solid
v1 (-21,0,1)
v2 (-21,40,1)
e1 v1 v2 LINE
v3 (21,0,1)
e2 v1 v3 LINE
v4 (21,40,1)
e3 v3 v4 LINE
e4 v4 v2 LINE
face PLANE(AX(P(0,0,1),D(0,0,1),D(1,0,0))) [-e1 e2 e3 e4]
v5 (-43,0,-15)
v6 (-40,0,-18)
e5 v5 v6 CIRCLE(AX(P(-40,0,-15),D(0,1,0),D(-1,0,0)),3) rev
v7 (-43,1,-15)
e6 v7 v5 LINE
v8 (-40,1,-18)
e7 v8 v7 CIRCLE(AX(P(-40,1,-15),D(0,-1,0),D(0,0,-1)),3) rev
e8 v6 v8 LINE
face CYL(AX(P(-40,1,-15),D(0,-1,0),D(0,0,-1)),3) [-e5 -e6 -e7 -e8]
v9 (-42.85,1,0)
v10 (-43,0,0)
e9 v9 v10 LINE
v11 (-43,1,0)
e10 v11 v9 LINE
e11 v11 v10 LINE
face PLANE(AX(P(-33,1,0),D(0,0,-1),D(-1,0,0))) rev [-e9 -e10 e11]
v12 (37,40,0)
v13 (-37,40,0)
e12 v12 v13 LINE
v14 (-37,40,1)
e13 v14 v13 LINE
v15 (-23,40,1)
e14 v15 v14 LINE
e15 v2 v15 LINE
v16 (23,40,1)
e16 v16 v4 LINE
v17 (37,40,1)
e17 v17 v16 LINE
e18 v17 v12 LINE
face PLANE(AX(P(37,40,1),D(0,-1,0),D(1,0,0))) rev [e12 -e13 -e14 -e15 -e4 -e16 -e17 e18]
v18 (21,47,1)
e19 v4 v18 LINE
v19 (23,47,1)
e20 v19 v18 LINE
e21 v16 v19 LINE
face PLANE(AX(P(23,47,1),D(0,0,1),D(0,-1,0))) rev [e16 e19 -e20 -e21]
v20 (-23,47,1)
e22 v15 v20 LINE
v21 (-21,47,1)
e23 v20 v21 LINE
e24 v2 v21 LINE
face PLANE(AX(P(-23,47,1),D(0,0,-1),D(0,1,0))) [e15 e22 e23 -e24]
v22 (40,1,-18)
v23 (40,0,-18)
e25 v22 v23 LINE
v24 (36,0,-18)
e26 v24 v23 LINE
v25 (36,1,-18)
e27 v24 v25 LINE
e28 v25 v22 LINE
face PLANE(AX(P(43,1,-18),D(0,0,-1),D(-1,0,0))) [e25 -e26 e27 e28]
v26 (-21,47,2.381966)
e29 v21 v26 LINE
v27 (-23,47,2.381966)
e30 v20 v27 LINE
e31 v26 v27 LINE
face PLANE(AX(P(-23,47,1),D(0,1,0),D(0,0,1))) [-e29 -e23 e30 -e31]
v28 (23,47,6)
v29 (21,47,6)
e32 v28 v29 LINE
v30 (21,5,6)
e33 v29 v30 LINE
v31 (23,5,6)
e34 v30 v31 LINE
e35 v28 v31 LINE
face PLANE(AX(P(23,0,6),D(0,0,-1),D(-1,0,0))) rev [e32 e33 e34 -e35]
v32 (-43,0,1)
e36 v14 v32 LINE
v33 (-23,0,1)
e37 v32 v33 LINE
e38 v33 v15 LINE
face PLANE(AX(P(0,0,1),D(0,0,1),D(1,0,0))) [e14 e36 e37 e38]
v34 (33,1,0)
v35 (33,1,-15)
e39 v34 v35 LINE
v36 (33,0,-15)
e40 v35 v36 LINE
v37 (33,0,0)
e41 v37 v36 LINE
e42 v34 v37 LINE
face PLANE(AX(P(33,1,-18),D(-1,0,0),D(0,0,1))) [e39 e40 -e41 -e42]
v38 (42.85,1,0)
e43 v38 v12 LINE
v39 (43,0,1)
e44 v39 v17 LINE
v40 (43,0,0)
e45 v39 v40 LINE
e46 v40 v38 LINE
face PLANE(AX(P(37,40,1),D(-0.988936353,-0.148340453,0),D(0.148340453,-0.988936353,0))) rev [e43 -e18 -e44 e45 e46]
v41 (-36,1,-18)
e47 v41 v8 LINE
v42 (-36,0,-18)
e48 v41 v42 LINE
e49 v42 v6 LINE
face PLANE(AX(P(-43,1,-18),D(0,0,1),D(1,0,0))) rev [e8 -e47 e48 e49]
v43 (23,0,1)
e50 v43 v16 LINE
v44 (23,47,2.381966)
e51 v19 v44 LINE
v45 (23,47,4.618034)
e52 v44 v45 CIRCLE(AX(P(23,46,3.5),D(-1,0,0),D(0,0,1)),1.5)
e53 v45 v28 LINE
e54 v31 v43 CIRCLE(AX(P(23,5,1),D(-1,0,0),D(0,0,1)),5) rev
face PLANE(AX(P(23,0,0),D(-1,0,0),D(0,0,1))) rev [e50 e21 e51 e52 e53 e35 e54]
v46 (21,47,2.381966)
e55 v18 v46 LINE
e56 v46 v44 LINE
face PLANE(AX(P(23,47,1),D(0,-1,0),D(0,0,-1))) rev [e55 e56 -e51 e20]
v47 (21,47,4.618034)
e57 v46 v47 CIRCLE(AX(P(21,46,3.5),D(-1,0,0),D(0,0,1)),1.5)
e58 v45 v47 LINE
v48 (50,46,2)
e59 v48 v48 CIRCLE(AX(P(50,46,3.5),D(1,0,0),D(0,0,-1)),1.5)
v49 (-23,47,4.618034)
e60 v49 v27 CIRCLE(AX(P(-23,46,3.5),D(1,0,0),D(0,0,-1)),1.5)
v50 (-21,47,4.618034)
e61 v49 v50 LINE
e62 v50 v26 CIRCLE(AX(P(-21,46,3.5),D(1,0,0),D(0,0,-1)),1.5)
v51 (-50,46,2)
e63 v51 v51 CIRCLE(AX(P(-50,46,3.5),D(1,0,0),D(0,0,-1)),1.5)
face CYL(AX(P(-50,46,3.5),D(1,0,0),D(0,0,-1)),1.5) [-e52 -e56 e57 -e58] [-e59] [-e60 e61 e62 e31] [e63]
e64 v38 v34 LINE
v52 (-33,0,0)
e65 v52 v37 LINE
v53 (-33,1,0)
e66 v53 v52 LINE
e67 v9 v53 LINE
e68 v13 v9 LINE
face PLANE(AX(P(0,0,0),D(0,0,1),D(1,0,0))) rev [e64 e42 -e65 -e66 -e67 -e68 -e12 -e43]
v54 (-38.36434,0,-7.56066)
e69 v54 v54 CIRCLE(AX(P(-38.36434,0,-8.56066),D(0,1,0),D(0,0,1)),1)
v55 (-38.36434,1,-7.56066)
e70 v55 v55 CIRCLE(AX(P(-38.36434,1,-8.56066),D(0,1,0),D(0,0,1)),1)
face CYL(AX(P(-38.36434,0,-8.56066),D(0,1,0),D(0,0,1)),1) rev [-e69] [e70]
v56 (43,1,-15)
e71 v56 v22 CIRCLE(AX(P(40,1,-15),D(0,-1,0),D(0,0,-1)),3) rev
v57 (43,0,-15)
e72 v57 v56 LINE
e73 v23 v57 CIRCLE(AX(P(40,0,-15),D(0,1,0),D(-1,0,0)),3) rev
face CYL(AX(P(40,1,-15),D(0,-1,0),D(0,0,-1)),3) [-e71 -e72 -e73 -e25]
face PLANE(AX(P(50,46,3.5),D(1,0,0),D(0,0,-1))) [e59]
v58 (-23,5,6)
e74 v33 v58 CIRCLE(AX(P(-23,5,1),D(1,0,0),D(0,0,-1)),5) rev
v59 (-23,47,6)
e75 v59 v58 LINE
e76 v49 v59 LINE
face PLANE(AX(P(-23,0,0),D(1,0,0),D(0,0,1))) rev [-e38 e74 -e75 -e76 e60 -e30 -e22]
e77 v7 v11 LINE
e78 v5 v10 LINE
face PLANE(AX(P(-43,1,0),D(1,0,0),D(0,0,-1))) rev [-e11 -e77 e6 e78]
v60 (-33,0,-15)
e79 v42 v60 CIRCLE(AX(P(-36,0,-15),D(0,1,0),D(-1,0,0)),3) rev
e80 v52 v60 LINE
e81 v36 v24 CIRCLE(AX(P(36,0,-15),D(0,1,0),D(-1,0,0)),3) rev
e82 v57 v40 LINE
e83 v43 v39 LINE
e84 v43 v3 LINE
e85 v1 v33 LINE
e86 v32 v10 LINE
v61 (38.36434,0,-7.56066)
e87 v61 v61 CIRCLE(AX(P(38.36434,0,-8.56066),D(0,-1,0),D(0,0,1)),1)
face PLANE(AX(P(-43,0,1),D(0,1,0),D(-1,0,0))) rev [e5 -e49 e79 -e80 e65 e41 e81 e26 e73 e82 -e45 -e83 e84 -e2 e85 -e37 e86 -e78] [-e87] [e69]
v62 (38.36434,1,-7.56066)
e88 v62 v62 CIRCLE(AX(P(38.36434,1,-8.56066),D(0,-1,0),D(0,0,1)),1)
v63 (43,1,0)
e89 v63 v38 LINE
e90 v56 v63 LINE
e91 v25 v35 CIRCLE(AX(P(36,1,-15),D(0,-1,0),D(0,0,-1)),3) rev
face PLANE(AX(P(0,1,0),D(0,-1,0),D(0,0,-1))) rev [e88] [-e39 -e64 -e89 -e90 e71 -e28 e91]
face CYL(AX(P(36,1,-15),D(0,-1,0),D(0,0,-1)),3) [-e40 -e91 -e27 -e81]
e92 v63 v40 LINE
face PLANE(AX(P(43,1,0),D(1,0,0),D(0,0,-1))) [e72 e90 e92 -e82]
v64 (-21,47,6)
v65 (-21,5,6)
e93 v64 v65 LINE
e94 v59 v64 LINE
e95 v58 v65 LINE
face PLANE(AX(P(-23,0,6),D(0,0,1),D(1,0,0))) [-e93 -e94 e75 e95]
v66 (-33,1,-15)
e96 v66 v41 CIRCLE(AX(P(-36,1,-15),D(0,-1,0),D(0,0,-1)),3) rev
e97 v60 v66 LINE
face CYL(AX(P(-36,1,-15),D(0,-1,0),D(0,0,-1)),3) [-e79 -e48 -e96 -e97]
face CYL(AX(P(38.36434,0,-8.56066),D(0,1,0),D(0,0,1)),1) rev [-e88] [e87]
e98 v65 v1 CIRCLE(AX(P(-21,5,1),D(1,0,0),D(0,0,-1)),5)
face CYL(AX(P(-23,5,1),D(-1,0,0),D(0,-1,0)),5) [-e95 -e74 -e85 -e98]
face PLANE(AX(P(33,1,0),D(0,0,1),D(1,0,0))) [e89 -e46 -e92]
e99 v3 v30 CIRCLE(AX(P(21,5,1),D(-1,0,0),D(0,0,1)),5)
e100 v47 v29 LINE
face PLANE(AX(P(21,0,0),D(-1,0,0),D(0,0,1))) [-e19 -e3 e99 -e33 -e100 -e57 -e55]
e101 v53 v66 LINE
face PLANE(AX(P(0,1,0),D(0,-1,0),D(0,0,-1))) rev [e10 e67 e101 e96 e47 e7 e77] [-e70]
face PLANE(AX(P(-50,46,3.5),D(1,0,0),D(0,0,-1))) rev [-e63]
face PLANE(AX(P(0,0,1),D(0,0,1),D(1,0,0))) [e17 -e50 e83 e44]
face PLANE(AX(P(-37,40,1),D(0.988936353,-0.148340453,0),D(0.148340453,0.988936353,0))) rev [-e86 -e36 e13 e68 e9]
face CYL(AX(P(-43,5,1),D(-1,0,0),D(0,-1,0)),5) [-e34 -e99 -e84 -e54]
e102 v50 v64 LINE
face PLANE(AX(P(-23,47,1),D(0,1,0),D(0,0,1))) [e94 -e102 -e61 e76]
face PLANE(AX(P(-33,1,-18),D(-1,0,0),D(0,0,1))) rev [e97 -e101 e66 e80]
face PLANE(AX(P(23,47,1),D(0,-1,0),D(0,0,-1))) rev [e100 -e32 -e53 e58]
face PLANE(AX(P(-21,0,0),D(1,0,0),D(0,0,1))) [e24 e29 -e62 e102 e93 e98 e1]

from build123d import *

# Parameters (mm, degrees)
BOSS_EXTRUDE2_DEPTH  = 1
SKETCH2_W            = 5
SKETCH2_H            = 47
BOSS_EXTRUDE3_DEPTH  = 2
FILLET2_R            = 5
FILLET2_OF_MIRROR2_R = 5
SKETCH3_R            = 1.5
BOSS_EXTRUDE5_DEPTH  = 100
SKETCH5_W            = 10
SKETCH5_H            = 18
BOSS_EXTRUDE6_DEPTH  = 1
FILLET3_R            = 3
SKETCH6_R            = 1
CUT_EXTRUDE1_DEPTH   = 1
FILLET3_OF_MIRROR4_R = 3


with BuildPart() as part:
    # Sketch1 → Boss-Extrude2 (new body)
    with BuildSketch(Plane.XY):
        Polygon((-43, 0), (43, 0), (37, 40), (-37, 40), align=None)
    extrude(amount=BOSS_EXTRUDE2_DEPTH)

    # Sketch2 → Boss-Extrude3 (add)
    with BuildSketch(Plane(origin=(21, 0, 0), x_dir=(0, 0, -1), z_dir=(1, 0, 0))):
        with Locations((-3.5, 23.5)):
            Rectangle(SKETCH2_W, SKETCH2_H)
    boss_extrude3 = extrude(amount=BOSS_EXTRUDE3_DEPTH)

    # Fillet2
    fillet2_edges = [part.edges().sort_by_distance(p)[0] for p in [
        (22, 0, 6),
    ]]
    fillet(fillet2_edges, radius=FILLET2_R)

    # Mirror2: Boss-Extrude3 across plane
    add(boss_extrude3.mirror(Plane(origin=(0, 0, 0), x_dir=(0, 0, 1), z_dir=(1, 0, 0))))

    # Fillet2 of Mirror2
    fillet2_of_mirror2_edges = [part.edges().sort_by_distance(p)[0] for p in [
        (-22, 0, 6),
    ]]
    fillet(fillet2_of_mirror2_edges, radius=FILLET2_OF_MIRROR2_R)

    # Sketch3 → Boss-Extrude5 (add)
    with BuildSketch(Plane(origin=(50, 0, 0), x_dir=(0, 0, -1), z_dir=(1, 0, 0))):
        with Locations((-3.5, 46)):
            Circle(SKETCH3_R)
    extrude(amount=-BOSS_EXTRUDE5_DEPTH)

    # Sketch5 → Boss-Extrude6 (add)
    with BuildSketch(Plane(origin=(0, 0, 0), x_dir=(1, 0, 0), z_dir=(0, 1, 0))):
        with Locations((-38, 9)):
            Rectangle(SKETCH5_W, SKETCH5_H)
    boss_extrude6 = extrude(amount=BOSS_EXTRUDE6_DEPTH)

    # Fillet3
    fillet3_edges = [part.edges().sort_by_distance(p)[0] for p in [
        (-33, 0.5, -18),
        (-43, 0.5, -18),
    ]]
    fillet(fillet3_edges, radius=FILLET3_R)

    # Sketch6 → Cut-Extrude1 (cut)
    with BuildSketch(Plane(origin=(0, 1, 0), x_dir=(1, 0, 0), z_dir=(0, 1, 0))):
        with Locations(Location((-38.364339828, 8.560660172, 0), (0, 0, 270))):
            Circle(SKETCH6_R)
    cut_extrude1 = extrude(amount=-CUT_EXTRUDE1_DEPTH, mode=Mode.SUBTRACT)

    # Mirror4: Boss-Extrude6, Cut-Extrude1 across plane
    add(boss_extrude6.mirror(Plane(origin=(0, 0, 0), x_dir=(0, 0, 1), z_dir=(1, 0, 0))))
    add(cut_extrude1.mirror(Plane(origin=(0, 0, 0), x_dir=(0, 0, 1), z_dir=(1, 0, 0))), mode=Mode.SUBTRACT)

    # Fillet3 of Mirror4
    fillet3_of_mirror4_edges = [part.edges().sort_by_distance(p)[0] for p in [
        (33, 0.5, -18),
        (43, 0.5, -18),
    ]]
    fillet(fillet3_of_mirror4_edges, radius=FILLET3_OF_MIRROR4_R)


solid = part.part
